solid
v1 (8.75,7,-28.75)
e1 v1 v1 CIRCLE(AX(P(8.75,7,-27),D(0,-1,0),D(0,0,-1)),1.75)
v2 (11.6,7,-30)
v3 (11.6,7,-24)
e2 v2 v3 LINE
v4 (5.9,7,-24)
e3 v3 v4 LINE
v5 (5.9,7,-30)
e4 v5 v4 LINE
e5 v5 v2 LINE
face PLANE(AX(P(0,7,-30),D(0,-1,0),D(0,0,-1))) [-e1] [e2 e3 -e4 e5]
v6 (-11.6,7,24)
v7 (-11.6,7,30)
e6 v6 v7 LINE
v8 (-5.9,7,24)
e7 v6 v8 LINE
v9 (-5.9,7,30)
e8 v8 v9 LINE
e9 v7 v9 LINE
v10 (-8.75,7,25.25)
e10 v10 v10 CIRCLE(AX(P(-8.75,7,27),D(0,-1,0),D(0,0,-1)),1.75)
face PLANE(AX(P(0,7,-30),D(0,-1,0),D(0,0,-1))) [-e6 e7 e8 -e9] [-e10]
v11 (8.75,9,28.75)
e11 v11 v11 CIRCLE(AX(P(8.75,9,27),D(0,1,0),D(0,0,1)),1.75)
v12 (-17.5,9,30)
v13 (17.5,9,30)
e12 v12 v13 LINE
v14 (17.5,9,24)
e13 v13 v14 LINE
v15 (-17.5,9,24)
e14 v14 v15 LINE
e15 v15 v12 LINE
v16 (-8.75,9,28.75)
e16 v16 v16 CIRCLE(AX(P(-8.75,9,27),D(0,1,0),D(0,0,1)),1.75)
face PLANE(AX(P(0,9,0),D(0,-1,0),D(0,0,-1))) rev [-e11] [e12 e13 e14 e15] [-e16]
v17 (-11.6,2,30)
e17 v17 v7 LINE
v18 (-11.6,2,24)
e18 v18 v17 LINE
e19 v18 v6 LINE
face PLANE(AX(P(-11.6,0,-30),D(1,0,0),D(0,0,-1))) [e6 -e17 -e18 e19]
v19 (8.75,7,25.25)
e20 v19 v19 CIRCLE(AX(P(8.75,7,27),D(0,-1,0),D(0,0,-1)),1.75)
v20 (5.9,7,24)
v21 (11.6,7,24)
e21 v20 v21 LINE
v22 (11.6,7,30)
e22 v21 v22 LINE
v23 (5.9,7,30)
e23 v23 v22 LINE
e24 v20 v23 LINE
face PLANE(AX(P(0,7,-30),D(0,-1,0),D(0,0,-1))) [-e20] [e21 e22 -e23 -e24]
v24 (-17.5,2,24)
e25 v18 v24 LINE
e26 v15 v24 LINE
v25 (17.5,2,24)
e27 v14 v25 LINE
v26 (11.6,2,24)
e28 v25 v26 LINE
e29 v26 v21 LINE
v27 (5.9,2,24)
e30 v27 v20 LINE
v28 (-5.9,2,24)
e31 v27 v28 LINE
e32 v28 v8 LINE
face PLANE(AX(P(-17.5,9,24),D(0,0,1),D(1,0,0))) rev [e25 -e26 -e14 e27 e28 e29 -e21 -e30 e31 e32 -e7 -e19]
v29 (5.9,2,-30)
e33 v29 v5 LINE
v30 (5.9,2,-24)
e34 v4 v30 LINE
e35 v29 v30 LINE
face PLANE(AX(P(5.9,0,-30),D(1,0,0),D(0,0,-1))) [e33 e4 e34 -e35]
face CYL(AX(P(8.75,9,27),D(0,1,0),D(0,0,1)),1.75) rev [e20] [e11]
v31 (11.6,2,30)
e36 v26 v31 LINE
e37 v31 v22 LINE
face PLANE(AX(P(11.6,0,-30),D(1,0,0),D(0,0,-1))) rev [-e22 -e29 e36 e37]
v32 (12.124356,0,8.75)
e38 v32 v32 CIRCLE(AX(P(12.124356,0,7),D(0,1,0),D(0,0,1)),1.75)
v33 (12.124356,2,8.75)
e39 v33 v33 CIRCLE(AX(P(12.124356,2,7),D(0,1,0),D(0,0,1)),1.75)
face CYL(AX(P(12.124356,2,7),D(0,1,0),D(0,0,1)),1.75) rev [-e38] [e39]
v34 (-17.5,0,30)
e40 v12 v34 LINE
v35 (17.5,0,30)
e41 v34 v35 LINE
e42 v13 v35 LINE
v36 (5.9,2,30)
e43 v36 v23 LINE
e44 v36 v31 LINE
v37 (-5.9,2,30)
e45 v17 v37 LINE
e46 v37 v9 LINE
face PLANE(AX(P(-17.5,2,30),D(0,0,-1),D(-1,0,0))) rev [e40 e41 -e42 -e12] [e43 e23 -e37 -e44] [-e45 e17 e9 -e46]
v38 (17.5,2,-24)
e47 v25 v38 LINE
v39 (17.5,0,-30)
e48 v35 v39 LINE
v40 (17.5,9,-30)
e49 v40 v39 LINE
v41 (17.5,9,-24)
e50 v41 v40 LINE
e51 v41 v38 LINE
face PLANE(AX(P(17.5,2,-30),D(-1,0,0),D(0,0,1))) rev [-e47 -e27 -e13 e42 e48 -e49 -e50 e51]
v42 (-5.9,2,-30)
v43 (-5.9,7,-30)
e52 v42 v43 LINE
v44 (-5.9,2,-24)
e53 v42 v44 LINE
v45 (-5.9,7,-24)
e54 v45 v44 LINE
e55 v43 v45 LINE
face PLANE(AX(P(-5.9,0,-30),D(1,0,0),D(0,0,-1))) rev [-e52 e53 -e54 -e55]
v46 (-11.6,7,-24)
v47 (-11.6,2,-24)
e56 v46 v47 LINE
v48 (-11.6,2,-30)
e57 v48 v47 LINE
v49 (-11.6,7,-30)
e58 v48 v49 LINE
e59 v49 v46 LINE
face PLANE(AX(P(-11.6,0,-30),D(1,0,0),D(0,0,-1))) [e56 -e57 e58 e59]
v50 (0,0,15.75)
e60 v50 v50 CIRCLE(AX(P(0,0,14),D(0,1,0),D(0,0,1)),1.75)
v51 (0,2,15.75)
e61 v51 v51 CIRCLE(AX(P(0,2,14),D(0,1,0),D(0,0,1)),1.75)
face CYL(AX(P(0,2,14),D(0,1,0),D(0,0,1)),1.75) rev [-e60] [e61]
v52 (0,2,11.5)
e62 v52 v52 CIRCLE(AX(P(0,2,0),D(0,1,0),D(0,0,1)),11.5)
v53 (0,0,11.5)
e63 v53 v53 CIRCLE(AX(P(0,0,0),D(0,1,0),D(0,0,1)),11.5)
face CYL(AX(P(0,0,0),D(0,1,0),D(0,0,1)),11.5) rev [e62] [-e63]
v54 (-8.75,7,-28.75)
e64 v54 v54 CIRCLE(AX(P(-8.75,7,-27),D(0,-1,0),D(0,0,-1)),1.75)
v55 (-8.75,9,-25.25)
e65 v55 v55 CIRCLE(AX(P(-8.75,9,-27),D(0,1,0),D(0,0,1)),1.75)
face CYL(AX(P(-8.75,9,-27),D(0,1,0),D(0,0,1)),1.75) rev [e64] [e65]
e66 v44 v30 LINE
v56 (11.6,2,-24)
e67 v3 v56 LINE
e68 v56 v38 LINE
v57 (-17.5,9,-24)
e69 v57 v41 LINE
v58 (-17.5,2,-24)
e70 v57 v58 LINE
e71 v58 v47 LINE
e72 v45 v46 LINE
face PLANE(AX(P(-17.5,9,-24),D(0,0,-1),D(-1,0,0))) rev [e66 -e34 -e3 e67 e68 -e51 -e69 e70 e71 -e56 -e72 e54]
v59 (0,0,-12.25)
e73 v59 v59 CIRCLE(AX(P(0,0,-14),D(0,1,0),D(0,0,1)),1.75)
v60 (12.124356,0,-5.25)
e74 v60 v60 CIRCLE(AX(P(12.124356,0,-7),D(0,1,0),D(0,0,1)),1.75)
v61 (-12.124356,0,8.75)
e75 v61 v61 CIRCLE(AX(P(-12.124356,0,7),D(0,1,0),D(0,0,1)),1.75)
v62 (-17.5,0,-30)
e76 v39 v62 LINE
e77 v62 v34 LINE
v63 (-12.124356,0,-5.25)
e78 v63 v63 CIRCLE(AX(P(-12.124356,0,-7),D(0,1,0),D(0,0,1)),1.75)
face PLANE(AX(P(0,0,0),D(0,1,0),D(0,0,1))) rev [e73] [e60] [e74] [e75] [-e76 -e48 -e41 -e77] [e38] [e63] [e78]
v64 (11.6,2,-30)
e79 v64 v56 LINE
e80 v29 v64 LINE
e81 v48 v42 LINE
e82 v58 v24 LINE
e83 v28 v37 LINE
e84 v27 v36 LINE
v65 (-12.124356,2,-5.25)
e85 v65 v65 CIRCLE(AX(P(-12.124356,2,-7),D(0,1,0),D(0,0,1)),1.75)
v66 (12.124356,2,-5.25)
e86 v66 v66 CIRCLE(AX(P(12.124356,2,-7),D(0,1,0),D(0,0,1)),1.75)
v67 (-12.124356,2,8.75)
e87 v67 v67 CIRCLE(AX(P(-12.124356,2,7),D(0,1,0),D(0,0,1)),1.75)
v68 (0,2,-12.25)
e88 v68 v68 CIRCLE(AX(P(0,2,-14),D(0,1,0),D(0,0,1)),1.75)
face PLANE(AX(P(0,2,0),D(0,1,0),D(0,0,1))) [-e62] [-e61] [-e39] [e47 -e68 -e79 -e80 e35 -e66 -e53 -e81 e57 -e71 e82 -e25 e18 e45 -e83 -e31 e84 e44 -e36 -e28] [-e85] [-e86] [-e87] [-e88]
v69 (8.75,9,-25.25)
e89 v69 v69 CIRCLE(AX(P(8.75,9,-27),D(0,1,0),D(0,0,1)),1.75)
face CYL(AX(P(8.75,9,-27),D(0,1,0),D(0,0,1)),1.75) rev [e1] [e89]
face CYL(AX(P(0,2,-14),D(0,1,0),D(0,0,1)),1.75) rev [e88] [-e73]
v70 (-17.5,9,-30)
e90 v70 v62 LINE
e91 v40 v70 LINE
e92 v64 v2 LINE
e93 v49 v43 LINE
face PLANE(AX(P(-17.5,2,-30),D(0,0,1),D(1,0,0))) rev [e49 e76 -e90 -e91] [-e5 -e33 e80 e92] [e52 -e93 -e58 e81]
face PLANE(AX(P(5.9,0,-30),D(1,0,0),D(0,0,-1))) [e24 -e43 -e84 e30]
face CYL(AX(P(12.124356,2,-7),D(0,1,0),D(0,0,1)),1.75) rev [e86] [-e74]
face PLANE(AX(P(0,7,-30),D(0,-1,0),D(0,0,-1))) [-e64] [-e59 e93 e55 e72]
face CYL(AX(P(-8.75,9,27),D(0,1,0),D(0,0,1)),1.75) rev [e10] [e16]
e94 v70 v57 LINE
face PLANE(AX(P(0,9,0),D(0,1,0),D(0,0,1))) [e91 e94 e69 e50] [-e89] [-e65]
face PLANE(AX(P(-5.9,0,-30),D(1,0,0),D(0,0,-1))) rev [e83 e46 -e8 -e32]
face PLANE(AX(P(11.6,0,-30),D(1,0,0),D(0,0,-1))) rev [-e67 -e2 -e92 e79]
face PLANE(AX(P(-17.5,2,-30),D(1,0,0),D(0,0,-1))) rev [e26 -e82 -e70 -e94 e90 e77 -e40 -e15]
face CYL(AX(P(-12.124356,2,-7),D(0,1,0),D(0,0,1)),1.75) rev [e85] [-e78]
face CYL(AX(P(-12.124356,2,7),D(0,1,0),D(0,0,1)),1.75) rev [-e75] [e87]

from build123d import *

# Parameters (mm, degrees)
SKETCH_1_W               = 35
SKETCH_1_H               = 60
EXTRUDE_1_DEPTH          = 2
HOLE_WIZARD_1_D          = 3.5
PATTERN_CIRCULAR_1_COUNT = 6
SKETCH_5_R               = 11.5
CUT_EXTRUDE_1_DEPTH      = 2
SKETCH_11_W              = 35
SKETCH_11_H              = 6
EXTRUDE_2_DEPTH          = 7
SKETCH_12_W              = 2.85
SKETCH_12_H              = 5
CUT_EXTRUDE_3_DEPTH      = 64.144675152
HOLE_WIZARD_2_D          = 3.5
HOLE_WIZARD_2_DEPTH      = 2


with BuildPart() as part:
    # 草图1 → 凸台-拉伸1 (new body)
    with BuildSketch(Plane(origin=(0, 0, 0), x_dir=(1, 0, 0), z_dir=(0, 1, 0))):
        Rectangle(SKETCH_1_W, SKETCH_1_H)
    extrude(amount=EXTRUDE_1_DEPTH)

    # 孔1 (through all)
    with Locations(Plane(origin=(0, 2, 0), x_dir=(1, 0, 0), z_dir=(0, 1, 0))):
        with Locations((0, 14)):
            hole_wizard_1 = Hole(HOLE_WIZARD_1_D / 2)

    # 阵列(圆周)1: 孔1 ×6 about axis
    pattern_circular_1_axis = Axis((0, 0, 0), (0, 1, 0))
    for i in range(1, PATTERN_CIRCULAR_1_COUNT):
        add(hole_wizard_1.rotate(pattern_circular_1_axis, i * 360 / PATTERN_CIRCULAR_1_COUNT), mode=Mode.SUBTRACT)

    # 草图5 → 切除-拉伸1 (cut)
    with BuildSketch(Plane(origin=(0, 2, 0), x_dir=(1, 0, 0), z_dir=(0, 1, 0))):
        with Locations(Location((0, 0, 0), (0, 0, 270))):
            Circle(SKETCH_5_R)
    extrude(amount=-CUT_EXTRUDE_1_DEPTH, mode=Mode.SUBTRACT)

    # 草图11 → 凸台-拉伸2 (add)
    with BuildSketch(Plane(origin=(0, 2, 0), x_dir=(1, 0, 0), z_dir=(0, 1, 0))):
        with Locations((0, -27)):
            Rectangle(SKETCH_11_W, SKETCH_11_H)
        with Locations((0, 27)):
            Rectangle(SKETCH_11_W, SKETCH_11_H)
    extrude(amount=EXTRUDE_2_DEPTH)

    # 草图12 → 切除-拉伸3 (cut, through all)
    with BuildSketch(Plane.XY.offset(30)):
        with Locations((-10.175, 4.5)):
            Rectangle(SKETCH_12_W, SKETCH_12_H)
        with Locations((-7.325, 4.5)):
            Rectangle(SKETCH_12_W, SKETCH_12_H)
        with Locations((10.175, 4.5)):
            Rectangle(SKETCH_12_W, SKETCH_12_H)
        with Locations((7.325, 4.5)):
            Rectangle(SKETCH_12_W, SKETCH_12_H)
    extrude(amount=-CUT_EXTRUDE_3_DEPTH, mode=Mode.SUBTRACT)

    # 孔2
    with Locations(Plane(origin=(0, 9, 0), x_dir=(1, 0, 0), z_dir=(0, 1, 0))):
        with Locations((-8.75, 27), (8.75, 27), (-8.75, -27), (8.75, -27)):
            Hole(HOLE_WIZARD_2_D / 2, depth=HOLE_WIZARD_2_DEPTH)


solid = part.part
